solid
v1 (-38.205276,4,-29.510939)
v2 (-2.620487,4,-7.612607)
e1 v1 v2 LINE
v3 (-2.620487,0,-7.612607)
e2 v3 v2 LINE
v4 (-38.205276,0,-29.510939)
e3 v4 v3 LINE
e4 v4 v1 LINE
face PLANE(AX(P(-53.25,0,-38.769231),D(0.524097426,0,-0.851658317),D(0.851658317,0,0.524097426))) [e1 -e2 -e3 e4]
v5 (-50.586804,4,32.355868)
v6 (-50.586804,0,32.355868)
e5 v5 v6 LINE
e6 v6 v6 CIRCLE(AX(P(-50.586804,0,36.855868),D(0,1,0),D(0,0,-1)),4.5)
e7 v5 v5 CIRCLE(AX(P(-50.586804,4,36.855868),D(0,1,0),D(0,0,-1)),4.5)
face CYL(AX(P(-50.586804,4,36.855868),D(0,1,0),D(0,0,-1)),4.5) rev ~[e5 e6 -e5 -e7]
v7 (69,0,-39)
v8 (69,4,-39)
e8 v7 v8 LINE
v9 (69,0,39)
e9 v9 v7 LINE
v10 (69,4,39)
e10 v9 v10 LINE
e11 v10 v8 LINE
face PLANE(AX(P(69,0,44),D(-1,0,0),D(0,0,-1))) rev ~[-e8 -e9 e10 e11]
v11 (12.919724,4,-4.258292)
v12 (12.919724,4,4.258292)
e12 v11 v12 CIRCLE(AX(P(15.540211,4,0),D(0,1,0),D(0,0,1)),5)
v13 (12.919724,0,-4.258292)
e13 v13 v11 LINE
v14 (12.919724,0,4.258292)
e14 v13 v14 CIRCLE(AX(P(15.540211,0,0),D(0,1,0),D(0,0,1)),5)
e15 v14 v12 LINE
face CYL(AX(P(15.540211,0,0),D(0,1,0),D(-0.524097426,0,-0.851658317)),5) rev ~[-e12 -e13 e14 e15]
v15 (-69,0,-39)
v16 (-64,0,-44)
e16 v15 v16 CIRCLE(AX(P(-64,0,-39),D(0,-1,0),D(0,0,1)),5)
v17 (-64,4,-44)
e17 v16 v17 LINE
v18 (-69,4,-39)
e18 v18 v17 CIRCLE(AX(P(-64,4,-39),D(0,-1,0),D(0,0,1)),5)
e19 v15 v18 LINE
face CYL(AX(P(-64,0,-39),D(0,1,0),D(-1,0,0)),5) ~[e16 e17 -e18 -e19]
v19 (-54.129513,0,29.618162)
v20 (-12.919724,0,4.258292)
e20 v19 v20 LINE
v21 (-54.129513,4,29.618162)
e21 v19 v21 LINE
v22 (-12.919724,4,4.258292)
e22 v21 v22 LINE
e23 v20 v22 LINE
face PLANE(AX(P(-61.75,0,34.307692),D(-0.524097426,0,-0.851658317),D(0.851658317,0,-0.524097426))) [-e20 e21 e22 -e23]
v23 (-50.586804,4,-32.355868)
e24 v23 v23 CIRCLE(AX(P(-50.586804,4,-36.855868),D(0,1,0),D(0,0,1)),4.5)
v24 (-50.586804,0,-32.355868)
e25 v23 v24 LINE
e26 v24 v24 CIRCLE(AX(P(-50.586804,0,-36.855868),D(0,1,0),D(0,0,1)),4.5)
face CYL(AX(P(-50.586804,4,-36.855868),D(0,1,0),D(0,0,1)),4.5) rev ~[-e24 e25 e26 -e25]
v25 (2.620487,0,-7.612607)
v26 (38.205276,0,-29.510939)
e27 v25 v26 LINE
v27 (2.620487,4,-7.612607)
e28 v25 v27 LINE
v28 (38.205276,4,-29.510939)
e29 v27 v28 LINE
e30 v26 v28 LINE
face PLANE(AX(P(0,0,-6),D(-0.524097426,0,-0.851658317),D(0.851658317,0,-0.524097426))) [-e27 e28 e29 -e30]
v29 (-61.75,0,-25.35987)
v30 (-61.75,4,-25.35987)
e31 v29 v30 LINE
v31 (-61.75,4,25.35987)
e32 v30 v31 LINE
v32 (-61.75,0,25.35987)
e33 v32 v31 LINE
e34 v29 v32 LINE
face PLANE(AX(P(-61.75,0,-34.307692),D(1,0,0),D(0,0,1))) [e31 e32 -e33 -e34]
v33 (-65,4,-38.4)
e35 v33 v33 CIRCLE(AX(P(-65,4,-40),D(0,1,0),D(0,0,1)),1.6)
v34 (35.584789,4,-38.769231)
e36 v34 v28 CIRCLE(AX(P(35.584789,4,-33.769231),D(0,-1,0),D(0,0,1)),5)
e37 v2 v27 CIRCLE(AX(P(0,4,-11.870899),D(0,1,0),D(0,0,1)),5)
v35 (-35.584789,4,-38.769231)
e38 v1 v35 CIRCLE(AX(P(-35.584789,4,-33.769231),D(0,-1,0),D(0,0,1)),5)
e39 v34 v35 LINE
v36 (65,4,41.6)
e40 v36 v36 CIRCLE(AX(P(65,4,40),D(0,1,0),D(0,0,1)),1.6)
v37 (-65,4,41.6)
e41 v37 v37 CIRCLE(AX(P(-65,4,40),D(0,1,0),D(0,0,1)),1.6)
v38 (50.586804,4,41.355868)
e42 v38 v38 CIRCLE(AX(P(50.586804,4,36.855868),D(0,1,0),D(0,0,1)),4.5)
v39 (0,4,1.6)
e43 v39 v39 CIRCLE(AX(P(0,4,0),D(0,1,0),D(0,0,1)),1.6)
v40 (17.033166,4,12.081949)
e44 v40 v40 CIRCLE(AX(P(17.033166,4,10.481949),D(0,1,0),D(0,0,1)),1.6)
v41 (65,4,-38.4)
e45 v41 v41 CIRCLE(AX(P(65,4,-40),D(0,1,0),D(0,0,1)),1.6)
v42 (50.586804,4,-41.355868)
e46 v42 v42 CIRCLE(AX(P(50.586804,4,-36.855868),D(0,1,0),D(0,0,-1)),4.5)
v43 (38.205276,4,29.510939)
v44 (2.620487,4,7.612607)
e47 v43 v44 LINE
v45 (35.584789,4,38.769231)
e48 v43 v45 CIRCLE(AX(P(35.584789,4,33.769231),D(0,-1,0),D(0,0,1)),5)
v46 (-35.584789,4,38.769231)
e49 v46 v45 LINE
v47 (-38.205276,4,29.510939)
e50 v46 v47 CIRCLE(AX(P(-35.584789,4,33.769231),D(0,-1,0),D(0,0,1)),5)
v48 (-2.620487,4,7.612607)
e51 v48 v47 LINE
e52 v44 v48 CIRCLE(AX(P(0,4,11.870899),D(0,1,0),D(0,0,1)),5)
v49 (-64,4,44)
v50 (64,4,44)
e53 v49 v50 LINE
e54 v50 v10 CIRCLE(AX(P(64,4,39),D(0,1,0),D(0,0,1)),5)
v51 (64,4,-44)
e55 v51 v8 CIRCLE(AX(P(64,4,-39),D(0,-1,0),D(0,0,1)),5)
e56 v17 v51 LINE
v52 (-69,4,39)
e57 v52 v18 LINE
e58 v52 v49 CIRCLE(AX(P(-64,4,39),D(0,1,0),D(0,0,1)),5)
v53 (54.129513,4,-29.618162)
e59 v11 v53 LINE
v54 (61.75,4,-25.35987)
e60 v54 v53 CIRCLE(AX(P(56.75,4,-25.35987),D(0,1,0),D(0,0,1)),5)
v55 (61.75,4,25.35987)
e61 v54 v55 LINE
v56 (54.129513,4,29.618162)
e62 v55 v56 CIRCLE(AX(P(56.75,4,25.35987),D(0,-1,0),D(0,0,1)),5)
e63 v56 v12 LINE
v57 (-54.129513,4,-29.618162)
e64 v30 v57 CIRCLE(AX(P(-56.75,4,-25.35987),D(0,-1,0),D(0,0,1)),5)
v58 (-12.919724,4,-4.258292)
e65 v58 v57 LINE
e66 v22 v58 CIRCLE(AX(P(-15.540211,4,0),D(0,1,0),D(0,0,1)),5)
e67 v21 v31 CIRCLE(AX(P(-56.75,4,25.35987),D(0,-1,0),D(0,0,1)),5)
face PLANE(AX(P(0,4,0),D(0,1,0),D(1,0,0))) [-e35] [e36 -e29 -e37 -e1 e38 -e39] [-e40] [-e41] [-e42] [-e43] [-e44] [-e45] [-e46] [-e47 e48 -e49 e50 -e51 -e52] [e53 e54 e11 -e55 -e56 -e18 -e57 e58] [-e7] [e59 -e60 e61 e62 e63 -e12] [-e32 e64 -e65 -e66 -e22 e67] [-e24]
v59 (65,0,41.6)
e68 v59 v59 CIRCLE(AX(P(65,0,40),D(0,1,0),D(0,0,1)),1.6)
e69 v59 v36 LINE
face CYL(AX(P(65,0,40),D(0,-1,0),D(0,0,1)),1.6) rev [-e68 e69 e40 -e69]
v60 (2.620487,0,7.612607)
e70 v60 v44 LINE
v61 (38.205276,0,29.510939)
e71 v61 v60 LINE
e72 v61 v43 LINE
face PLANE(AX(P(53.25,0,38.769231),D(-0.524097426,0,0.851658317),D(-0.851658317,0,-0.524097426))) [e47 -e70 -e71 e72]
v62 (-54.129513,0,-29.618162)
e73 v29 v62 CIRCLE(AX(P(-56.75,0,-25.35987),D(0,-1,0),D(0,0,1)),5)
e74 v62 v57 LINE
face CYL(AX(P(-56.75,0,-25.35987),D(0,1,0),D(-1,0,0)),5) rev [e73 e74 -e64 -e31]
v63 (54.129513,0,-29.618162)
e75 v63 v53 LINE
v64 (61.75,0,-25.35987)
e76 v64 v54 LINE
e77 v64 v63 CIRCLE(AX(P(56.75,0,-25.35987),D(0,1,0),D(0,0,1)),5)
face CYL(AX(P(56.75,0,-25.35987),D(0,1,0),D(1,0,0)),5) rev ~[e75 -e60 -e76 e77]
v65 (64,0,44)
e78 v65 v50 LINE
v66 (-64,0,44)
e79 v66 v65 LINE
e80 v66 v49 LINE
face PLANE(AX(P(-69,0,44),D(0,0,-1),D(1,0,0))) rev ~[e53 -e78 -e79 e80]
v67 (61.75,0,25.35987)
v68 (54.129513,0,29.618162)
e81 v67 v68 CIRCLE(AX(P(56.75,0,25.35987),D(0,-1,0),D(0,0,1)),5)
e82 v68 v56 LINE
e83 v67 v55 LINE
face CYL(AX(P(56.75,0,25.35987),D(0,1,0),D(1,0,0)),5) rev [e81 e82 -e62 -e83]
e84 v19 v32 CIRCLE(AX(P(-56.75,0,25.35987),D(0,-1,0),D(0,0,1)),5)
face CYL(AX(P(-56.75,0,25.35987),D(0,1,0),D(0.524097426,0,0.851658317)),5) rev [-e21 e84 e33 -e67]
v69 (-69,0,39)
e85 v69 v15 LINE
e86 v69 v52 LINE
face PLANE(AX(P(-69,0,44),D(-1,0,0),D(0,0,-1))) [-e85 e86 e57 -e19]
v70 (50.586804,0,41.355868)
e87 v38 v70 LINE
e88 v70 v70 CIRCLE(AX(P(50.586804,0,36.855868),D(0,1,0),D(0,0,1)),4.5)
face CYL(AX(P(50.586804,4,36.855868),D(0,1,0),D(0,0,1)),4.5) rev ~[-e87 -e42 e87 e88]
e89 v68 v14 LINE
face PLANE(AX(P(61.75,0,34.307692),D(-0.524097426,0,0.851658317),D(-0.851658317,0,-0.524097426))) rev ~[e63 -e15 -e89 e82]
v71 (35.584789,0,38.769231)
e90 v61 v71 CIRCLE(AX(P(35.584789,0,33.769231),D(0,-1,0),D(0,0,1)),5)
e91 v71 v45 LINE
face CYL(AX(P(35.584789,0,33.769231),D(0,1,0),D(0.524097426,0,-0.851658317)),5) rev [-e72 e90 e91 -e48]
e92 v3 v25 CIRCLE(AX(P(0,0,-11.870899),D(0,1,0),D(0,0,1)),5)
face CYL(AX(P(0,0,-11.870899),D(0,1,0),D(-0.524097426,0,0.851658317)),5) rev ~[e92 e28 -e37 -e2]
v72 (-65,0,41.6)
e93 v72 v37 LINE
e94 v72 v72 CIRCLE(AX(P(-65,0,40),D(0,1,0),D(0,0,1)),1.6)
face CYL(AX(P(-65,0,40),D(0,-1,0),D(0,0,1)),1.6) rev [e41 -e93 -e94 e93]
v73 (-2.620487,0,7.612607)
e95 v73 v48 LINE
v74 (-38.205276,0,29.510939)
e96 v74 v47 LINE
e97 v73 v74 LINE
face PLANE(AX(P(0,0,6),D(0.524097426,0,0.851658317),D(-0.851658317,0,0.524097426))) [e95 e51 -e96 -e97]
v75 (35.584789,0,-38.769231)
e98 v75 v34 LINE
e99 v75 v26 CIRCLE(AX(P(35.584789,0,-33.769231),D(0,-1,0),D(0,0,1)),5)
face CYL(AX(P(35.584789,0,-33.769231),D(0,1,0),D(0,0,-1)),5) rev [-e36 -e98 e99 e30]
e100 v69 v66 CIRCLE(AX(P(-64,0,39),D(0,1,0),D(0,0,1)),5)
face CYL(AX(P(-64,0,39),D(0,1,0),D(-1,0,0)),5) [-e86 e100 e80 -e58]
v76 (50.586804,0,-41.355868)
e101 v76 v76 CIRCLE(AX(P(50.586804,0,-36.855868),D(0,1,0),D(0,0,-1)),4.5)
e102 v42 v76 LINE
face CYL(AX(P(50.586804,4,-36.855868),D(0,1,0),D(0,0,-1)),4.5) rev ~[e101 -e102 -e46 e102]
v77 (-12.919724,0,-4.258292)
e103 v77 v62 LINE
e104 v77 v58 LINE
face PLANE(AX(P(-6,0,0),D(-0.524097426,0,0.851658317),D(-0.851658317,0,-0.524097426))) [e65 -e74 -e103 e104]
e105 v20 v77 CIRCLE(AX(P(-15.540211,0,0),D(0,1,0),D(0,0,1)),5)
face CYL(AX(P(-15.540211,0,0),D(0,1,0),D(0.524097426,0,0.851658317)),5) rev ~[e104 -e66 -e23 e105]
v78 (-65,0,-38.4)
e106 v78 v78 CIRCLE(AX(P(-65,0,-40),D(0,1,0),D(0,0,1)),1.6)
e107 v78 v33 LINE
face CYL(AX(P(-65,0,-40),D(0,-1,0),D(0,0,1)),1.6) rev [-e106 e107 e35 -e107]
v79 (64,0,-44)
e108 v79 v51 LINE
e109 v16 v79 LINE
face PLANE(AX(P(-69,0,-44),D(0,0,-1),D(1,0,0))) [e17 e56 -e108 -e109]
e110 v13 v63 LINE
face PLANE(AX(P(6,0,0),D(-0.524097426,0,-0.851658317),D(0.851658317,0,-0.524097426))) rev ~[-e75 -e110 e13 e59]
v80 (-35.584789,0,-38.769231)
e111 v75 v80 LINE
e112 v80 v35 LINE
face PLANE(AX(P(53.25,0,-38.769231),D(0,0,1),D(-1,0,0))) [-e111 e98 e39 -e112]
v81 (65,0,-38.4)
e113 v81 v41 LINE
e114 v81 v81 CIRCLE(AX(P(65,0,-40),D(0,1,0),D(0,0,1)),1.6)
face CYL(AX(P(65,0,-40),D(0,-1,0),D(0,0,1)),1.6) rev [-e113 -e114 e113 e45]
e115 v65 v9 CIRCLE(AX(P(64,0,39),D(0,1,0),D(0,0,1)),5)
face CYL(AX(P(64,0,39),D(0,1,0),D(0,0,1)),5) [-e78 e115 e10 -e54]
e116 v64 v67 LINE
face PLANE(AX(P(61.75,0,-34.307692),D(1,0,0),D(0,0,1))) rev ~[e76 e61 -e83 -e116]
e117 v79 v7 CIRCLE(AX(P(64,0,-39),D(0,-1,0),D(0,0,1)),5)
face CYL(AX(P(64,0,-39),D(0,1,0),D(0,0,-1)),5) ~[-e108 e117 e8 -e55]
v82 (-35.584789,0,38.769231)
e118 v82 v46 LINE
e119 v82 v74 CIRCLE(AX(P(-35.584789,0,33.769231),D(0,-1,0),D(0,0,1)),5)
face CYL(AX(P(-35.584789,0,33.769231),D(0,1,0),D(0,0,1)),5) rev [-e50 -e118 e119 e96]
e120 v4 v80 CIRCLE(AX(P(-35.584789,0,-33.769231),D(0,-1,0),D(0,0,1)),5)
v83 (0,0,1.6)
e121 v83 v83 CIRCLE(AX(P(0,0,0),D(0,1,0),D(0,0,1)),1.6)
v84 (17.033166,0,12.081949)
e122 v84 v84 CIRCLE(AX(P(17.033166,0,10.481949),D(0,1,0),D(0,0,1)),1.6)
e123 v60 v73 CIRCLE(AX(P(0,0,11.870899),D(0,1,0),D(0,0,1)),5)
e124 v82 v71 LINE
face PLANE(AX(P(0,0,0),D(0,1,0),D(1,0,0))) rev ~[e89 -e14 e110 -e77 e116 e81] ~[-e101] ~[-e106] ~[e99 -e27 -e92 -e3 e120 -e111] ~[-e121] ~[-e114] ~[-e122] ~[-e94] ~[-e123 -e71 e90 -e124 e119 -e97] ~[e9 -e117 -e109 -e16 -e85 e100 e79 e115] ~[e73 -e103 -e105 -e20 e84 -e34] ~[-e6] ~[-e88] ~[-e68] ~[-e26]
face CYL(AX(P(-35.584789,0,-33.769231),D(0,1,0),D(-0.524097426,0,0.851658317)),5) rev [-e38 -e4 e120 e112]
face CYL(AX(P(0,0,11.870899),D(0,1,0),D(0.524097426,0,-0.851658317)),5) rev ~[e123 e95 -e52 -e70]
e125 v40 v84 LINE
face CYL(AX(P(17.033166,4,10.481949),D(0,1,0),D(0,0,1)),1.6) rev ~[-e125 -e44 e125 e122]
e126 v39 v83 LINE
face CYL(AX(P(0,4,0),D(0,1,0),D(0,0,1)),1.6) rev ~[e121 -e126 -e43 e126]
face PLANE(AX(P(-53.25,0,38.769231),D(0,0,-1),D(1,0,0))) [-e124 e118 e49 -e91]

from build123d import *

# Parameters (mm, degrees)
SKETCH_1_W          = 138
SKETCH_1_H          = 88
SKETCH_1_R          = 1.6
EXTRUDE_1_DEPTH     = 4
FILLET_1_R          = 5
FILLET_2_R          = 5
SKETCH_2_R          = 4.5
CUT_EXTRUDE_1_DEPTH = 82.932899375
SKETCH_3_R          = 1.6
CUT_EXTRUDE_2_DEPTH = 82.932899375


with BuildPart() as part:
    # 草图1 → 凸台-拉伸1 (new body)
    with BuildSketch(Plane(origin=(0, 0, 0), x_dir=(1, 0, 0), z_dir=(0, 1, 0))):
        Rectangle(SKETCH_1_W, SKETCH_1_H)
        with Locations(Location((65, 40, 0), (0, 0, 270))):
            Circle(SKETCH_1_R, mode=Mode.SUBTRACT)
        with Locations(Location((65, -40, 0), (0, 0, 270))):
            Circle(SKETCH_1_R, mode=Mode.SUBTRACT)
        with Locations(Location((-65, -40, 0), (0, 0, 270))):
            Circle(SKETCH_1_R, mode=Mode.SUBTRACT)
        with Locations(Location((-65, 40, 0), (0, 0, 270))):
            Circle(SKETCH_1_R, mode=Mode.SUBTRACT)
        Polygon((-53.25, 38.769230769), (0, 6), (53.25, 38.769230769), align=None, mode=Mode.SUBTRACT)
        Polygon((53.25, -38.769230769), (0, -6), (-53.25, -38.769230769), align=None, mode=Mode.SUBTRACT)
        Polygon((-61.75, -34.307692308), (-6, 0), (-61.75, 34.307692308), align=None, mode=Mode.SUBTRACT)
        Polygon((61.75, -34.307692308), (6, 0), (61.75, 34.307692308), align=None, mode=Mode.SUBTRACT)
    extrude(amount=EXTRUDE_1_DEPTH)

    # 圆角1
    fillet_1_edges = [part.edges().sort_by_distance(p)[0] for p in [
        (0, 2, -6),
        (53.25, 2, -38.769230769),
        (-53.25, 2, -38.769230769),
        (0, 2, 6),
        (-53.25, 2, 38.769230769),
        (53.25, 2, 38.769230769),
        (-6, 2, 0),
        (-61.75, 2, -34.307692308),
        (-61.75, 2, 34.307692308),
        (61.75, 2, -34.307692308),
        (6, 2, 0),
        (61.75, 2, 34.307692308),
    ]]
    fillet(fillet_1_edges, radius=FILLET_1_R)

    # 圆角2
    fillet_2_edges = [part.edges().sort_by_distance(p)[0] for p in [
        (69, 2, 44),
        (-69, 2, 44),
        (-69, 2, -44),
        (69, 2, -44),
    ]]
    fillet(fillet_2_edges, radius=FILLET_2_R)

    # 草图2 → 切除-拉伸1 (cut, through all)
    with BuildSketch(Plane(origin=(0, 4, 0), x_dir=(1, 0, 0), z_dir=(0, 1, 0))):
        with Locations(Location((50.58680401, -36.855868382, 0), (0, 0, 270))):
            Circle(SKETCH_2_R)
        with Locations(Location((-50.58680401, -36.855868382, 0), (0, 0, 90))):
            Circle(SKETCH_2_R)
        with Locations(Location((-50.58680401, 36.855868382, 0), (0, 0, 270))):
            Circle(SKETCH_2_R)
        with Locations(Location((50.58680401, 36.855868382, 0), (0, 0, 90))):
            Circle(SKETCH_2_R)
    extrude(amount=-CUT_EXTRUDE_1_DEPTH, mode=Mode.SUBTRACT)

    # 草图3 → 切除-拉伸2 (cut, through all)
    with BuildSketch(Plane(origin=(0, 4, 0), x_dir=(1, 0, 0), z_dir=(0, 1, 0))):
        with Locations(Location((17.033166334, -10.481948513, 0), (0, 0, 270))):
            Circle(SKETCH_3_R)
        with Locations(Location((0, 0, 0), (0, 0, 270))):
            Circle(SKETCH_3_R)
    extrude(amount=-CUT_EXTRUDE_2_DEPTH, mode=Mode.SUBTRACT)


solid = part.part
